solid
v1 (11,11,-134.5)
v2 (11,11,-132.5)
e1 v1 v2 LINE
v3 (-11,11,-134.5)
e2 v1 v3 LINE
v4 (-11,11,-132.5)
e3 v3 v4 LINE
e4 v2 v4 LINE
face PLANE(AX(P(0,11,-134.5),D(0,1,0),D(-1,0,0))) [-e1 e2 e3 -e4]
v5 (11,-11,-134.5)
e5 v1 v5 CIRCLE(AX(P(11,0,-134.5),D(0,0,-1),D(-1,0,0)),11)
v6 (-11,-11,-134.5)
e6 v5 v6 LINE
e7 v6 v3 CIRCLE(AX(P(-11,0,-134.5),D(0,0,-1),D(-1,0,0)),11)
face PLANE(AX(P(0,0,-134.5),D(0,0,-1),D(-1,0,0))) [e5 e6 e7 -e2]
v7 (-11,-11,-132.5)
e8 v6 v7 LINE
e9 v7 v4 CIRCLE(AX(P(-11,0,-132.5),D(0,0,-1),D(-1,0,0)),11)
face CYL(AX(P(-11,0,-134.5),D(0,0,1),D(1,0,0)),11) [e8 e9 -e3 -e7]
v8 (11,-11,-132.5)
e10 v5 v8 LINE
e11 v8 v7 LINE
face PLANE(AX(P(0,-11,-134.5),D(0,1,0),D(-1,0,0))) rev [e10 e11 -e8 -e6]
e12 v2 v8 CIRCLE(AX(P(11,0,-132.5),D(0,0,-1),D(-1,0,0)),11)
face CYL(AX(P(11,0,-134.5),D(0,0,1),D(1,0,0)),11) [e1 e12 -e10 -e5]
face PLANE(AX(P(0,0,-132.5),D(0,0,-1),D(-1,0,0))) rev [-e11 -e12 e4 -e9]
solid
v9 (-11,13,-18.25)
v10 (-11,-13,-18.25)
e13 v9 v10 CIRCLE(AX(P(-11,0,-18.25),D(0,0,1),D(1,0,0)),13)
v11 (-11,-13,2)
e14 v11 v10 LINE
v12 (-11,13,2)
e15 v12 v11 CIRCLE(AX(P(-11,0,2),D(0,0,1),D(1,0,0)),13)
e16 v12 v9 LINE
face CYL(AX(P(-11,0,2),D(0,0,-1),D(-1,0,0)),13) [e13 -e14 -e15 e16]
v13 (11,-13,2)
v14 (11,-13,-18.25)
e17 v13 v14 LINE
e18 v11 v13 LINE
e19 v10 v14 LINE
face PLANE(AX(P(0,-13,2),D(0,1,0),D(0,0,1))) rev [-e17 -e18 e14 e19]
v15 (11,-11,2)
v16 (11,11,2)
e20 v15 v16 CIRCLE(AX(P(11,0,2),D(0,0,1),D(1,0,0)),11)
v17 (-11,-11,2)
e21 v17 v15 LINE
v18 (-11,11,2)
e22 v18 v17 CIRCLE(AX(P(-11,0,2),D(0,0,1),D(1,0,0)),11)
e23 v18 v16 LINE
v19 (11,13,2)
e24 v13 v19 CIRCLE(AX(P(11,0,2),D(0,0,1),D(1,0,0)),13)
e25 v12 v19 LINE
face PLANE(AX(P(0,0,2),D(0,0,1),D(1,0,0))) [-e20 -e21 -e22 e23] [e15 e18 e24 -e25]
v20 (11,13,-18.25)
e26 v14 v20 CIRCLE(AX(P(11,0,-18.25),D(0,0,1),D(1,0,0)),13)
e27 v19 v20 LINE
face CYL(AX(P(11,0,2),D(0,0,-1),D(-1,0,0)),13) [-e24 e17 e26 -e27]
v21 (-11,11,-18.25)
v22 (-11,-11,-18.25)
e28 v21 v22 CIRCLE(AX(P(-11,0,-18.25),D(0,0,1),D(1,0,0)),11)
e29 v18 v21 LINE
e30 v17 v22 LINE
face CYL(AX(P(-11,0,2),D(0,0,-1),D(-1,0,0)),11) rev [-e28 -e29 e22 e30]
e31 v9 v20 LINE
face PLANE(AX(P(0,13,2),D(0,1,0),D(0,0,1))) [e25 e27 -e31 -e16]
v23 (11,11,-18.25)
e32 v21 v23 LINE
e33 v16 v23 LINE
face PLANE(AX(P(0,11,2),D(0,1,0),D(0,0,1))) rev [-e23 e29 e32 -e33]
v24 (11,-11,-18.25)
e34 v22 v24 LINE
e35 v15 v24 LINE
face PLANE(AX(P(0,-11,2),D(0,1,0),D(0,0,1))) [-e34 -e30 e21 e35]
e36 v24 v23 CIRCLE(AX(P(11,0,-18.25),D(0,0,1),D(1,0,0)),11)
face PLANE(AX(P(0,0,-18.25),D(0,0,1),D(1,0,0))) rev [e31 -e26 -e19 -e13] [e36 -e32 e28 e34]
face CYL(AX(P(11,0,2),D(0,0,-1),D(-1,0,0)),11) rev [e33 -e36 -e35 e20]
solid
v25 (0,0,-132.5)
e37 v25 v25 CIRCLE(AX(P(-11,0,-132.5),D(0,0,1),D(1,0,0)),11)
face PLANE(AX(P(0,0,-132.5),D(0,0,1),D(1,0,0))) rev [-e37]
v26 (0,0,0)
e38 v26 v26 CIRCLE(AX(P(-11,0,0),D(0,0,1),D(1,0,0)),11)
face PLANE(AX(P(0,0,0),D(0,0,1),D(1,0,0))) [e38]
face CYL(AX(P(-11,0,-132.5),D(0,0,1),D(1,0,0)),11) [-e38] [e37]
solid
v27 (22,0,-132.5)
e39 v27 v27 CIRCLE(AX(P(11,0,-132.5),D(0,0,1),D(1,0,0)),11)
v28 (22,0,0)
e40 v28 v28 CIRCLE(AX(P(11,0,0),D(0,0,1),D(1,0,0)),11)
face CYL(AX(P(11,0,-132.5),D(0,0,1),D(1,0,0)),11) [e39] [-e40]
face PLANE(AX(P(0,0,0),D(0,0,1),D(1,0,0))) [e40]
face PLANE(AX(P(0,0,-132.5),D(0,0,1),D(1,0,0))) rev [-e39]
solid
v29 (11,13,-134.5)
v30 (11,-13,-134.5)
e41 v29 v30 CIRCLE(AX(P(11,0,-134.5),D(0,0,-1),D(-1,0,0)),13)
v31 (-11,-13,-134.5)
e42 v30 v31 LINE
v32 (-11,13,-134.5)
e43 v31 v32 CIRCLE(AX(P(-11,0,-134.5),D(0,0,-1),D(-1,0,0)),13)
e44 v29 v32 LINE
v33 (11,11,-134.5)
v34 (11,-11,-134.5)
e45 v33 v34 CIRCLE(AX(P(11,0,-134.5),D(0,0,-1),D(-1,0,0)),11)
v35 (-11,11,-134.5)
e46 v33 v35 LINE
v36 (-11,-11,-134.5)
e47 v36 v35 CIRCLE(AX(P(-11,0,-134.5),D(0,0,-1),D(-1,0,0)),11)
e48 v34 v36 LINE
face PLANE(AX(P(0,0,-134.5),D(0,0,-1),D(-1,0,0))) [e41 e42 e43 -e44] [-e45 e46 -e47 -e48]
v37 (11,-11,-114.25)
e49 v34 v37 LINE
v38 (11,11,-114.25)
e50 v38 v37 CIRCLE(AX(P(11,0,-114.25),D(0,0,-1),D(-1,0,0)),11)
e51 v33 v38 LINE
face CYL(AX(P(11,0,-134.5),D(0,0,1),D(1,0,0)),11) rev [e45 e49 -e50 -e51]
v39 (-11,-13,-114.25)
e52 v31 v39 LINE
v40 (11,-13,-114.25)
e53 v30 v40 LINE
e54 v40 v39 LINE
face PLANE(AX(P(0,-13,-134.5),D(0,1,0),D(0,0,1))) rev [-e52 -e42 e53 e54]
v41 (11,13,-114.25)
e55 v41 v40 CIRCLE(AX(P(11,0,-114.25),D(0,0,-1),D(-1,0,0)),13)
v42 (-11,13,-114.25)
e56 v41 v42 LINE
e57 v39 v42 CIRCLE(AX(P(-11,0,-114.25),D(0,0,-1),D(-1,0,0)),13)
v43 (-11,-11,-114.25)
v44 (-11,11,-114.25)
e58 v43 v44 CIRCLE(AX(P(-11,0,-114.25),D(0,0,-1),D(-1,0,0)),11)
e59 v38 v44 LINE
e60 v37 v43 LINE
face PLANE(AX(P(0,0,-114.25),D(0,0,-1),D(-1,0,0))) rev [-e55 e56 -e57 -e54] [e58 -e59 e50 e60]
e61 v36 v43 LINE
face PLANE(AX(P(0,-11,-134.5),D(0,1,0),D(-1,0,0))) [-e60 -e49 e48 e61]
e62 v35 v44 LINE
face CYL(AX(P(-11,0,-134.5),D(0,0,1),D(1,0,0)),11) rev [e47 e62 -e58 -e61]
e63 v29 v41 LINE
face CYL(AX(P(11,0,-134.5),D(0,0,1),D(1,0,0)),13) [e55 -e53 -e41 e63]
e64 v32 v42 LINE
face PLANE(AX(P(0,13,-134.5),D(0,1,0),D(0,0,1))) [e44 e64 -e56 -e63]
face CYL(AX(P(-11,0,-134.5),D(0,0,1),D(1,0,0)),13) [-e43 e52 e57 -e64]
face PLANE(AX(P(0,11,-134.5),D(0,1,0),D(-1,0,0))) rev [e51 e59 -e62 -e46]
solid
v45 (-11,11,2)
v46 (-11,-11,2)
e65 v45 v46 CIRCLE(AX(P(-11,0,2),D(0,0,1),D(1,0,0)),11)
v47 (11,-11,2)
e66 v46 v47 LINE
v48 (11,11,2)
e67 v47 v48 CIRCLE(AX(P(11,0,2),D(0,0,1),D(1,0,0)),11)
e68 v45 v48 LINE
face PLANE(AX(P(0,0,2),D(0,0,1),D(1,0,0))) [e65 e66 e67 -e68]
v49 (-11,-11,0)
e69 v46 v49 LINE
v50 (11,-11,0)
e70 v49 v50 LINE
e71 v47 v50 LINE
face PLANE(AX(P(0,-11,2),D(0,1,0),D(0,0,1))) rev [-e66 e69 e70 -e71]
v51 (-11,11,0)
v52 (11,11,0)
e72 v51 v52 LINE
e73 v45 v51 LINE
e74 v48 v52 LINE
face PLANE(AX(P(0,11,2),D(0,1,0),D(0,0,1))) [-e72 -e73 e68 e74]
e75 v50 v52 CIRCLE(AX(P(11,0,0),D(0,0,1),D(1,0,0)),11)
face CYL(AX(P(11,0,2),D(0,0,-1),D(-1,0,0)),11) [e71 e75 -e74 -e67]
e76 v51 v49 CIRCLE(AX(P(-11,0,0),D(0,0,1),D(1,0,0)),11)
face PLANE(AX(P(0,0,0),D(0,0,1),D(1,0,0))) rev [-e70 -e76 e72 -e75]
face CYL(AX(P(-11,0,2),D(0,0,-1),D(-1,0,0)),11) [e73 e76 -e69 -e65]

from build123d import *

# Parameters (mm, degrees)
ESQUISSE1_R              = 11
BOSS_EXTRU_2_DEPTH       = 132.5
BOSS_EXTRU_2_2_DEPTH     = 132.5
BOSS_EXTRU_8_DEPTH       = 2
BOSS_EXTRU_8_DEPTH_BACK  = 18.25
BOSS_EXTRU_29_DEPTH      = 2
BOSS_EXTRU_33_DEPTH      = 2
BOSS_EXTRU_33_DEPTH_BACK = 18.25
BOSS_EXTRU_34_DEPTH      = 2


with BuildPart() as part:
    # Esquisse1 → Boss.-Extru.2 (new body)
    with BuildSketch(Plane.XY):
        with Locations((-11, 0)):
            Circle(ESQUISSE1_R)
    extrude(amount=-BOSS_EXTRU_2_DEPTH)


with BuildPart() as body_2:
    # Esquisse1 → Boss.-Extru.2 2 (new body)
    with BuildSketch(Plane.XY):
        with Locations((11, 0)):
            Circle(ESQUISSE1_R)
    extrude(amount=-BOSS_EXTRU_2_2_DEPTH)


with BuildPart() as body_3:
    # Esquisse1<5> → Boss.-Extru.8 (new, two sides: drawn at the far end of the back side and taken through both)
    with BuildSketch(Plane.XY.offset(-BOSS_EXTRU_8_DEPTH_BACK)):
        with BuildLine():
            Line((11, 13), (-11, 13))
            ThreePointArc((-11, 13), (-24, 0), (-11, -13))
            Line((-11, -13), (11, -13))
            ThreePointArc((11, -13), (24, 0), (11, 13))
        make_face()
        with BuildLine():
            Line((11, -11), (-11, -11))
            ThreePointArc((-11, -11), (-22, 0), (-11, 11))
            Line((-11, 11), (11, 11))
            ThreePointArc((11, 11), (18.778174593, 7.778174593), (22, 0))
            ThreePointArc((22, 0), (18.778174593, -7.778174593), (11, -11))
        make_face(mode=Mode.SUBTRACT)
    extrude(amount=BOSS_EXTRU_8_DEPTH + BOSS_EXTRU_8_DEPTH_BACK)


with BuildPart() as body_4:
    # Esquisse1<6> → Boss.-Extru.29 (new body)
    with BuildSketch(Plane.XY):
        with BuildLine():
            Line((-11, -11), (11, -11))
            ThreePointArc((11, -11), (22, 0), (11, 11))
            Line((11, 11), (-11, 11))
            ThreePointArc((-11, 11), (-22, 0), (-11, -11))
        make_face()
    extrude(amount=BOSS_EXTRU_29_DEPTH)


with BuildPart() as body_5:
    # Esquisse8 → Boss.-Extru.33 (new, two sides: drawn at the far end of the back side and taken through both)
    with BuildSketch(Plane(origin=(0, 0, -132.5), x_dir=(-1, 0, 0), z_dir=(0, 0, -1)).offset(-BOSS_EXTRU_33_DEPTH_BACK)):
        with BuildLine():
            Line((11, 13), (-11, 13))
            ThreePointArc((-11, 13), (-24, 0), (-11, -13))
            Line((-11, -13), (11, -13))
            ThreePointArc((11, -13), (24, 0), (11, 13))
        make_face()
        with BuildLine():
            Line((11, -11), (-11, -11))
            ThreePointArc((-11, -11), (-22, 0), (-11, 11))
            Line((-11, 11), (11, 11))
            ThreePointArc((11, 11), (18.778174593, 7.778174593), (22, 0))
            ThreePointArc((22, 0), (18.778174593, -7.778174593), (11, -11))
        make_face(mode=Mode.SUBTRACT)
    extrude(amount=BOSS_EXTRU_33_DEPTH + BOSS_EXTRU_33_DEPTH_BACK)


with BuildPart() as body_6:
    # Esquisse8<3> → Boss.-Extru.34 (new body)
    with BuildSketch(Plane(origin=(0, 0, -132.5), x_dir=(-1, 0, 0), z_dir=(0, 0, -1))):
        with BuildLine():
            Line((-11, -11), (11, -11))
            ThreePointArc((11, -11), (22, 0), (11, 11))
            Line((11, 11), (-11, 11))
            ThreePointArc((-11, 11), (-22, 0), (-11, -11))
        make_face()
    extrude(amount=BOSS_EXTRU_34_DEPTH)


solid = Compound([part.part, body_2.part, body_3.part, body_4.part, body_5.part, body_6.part])
